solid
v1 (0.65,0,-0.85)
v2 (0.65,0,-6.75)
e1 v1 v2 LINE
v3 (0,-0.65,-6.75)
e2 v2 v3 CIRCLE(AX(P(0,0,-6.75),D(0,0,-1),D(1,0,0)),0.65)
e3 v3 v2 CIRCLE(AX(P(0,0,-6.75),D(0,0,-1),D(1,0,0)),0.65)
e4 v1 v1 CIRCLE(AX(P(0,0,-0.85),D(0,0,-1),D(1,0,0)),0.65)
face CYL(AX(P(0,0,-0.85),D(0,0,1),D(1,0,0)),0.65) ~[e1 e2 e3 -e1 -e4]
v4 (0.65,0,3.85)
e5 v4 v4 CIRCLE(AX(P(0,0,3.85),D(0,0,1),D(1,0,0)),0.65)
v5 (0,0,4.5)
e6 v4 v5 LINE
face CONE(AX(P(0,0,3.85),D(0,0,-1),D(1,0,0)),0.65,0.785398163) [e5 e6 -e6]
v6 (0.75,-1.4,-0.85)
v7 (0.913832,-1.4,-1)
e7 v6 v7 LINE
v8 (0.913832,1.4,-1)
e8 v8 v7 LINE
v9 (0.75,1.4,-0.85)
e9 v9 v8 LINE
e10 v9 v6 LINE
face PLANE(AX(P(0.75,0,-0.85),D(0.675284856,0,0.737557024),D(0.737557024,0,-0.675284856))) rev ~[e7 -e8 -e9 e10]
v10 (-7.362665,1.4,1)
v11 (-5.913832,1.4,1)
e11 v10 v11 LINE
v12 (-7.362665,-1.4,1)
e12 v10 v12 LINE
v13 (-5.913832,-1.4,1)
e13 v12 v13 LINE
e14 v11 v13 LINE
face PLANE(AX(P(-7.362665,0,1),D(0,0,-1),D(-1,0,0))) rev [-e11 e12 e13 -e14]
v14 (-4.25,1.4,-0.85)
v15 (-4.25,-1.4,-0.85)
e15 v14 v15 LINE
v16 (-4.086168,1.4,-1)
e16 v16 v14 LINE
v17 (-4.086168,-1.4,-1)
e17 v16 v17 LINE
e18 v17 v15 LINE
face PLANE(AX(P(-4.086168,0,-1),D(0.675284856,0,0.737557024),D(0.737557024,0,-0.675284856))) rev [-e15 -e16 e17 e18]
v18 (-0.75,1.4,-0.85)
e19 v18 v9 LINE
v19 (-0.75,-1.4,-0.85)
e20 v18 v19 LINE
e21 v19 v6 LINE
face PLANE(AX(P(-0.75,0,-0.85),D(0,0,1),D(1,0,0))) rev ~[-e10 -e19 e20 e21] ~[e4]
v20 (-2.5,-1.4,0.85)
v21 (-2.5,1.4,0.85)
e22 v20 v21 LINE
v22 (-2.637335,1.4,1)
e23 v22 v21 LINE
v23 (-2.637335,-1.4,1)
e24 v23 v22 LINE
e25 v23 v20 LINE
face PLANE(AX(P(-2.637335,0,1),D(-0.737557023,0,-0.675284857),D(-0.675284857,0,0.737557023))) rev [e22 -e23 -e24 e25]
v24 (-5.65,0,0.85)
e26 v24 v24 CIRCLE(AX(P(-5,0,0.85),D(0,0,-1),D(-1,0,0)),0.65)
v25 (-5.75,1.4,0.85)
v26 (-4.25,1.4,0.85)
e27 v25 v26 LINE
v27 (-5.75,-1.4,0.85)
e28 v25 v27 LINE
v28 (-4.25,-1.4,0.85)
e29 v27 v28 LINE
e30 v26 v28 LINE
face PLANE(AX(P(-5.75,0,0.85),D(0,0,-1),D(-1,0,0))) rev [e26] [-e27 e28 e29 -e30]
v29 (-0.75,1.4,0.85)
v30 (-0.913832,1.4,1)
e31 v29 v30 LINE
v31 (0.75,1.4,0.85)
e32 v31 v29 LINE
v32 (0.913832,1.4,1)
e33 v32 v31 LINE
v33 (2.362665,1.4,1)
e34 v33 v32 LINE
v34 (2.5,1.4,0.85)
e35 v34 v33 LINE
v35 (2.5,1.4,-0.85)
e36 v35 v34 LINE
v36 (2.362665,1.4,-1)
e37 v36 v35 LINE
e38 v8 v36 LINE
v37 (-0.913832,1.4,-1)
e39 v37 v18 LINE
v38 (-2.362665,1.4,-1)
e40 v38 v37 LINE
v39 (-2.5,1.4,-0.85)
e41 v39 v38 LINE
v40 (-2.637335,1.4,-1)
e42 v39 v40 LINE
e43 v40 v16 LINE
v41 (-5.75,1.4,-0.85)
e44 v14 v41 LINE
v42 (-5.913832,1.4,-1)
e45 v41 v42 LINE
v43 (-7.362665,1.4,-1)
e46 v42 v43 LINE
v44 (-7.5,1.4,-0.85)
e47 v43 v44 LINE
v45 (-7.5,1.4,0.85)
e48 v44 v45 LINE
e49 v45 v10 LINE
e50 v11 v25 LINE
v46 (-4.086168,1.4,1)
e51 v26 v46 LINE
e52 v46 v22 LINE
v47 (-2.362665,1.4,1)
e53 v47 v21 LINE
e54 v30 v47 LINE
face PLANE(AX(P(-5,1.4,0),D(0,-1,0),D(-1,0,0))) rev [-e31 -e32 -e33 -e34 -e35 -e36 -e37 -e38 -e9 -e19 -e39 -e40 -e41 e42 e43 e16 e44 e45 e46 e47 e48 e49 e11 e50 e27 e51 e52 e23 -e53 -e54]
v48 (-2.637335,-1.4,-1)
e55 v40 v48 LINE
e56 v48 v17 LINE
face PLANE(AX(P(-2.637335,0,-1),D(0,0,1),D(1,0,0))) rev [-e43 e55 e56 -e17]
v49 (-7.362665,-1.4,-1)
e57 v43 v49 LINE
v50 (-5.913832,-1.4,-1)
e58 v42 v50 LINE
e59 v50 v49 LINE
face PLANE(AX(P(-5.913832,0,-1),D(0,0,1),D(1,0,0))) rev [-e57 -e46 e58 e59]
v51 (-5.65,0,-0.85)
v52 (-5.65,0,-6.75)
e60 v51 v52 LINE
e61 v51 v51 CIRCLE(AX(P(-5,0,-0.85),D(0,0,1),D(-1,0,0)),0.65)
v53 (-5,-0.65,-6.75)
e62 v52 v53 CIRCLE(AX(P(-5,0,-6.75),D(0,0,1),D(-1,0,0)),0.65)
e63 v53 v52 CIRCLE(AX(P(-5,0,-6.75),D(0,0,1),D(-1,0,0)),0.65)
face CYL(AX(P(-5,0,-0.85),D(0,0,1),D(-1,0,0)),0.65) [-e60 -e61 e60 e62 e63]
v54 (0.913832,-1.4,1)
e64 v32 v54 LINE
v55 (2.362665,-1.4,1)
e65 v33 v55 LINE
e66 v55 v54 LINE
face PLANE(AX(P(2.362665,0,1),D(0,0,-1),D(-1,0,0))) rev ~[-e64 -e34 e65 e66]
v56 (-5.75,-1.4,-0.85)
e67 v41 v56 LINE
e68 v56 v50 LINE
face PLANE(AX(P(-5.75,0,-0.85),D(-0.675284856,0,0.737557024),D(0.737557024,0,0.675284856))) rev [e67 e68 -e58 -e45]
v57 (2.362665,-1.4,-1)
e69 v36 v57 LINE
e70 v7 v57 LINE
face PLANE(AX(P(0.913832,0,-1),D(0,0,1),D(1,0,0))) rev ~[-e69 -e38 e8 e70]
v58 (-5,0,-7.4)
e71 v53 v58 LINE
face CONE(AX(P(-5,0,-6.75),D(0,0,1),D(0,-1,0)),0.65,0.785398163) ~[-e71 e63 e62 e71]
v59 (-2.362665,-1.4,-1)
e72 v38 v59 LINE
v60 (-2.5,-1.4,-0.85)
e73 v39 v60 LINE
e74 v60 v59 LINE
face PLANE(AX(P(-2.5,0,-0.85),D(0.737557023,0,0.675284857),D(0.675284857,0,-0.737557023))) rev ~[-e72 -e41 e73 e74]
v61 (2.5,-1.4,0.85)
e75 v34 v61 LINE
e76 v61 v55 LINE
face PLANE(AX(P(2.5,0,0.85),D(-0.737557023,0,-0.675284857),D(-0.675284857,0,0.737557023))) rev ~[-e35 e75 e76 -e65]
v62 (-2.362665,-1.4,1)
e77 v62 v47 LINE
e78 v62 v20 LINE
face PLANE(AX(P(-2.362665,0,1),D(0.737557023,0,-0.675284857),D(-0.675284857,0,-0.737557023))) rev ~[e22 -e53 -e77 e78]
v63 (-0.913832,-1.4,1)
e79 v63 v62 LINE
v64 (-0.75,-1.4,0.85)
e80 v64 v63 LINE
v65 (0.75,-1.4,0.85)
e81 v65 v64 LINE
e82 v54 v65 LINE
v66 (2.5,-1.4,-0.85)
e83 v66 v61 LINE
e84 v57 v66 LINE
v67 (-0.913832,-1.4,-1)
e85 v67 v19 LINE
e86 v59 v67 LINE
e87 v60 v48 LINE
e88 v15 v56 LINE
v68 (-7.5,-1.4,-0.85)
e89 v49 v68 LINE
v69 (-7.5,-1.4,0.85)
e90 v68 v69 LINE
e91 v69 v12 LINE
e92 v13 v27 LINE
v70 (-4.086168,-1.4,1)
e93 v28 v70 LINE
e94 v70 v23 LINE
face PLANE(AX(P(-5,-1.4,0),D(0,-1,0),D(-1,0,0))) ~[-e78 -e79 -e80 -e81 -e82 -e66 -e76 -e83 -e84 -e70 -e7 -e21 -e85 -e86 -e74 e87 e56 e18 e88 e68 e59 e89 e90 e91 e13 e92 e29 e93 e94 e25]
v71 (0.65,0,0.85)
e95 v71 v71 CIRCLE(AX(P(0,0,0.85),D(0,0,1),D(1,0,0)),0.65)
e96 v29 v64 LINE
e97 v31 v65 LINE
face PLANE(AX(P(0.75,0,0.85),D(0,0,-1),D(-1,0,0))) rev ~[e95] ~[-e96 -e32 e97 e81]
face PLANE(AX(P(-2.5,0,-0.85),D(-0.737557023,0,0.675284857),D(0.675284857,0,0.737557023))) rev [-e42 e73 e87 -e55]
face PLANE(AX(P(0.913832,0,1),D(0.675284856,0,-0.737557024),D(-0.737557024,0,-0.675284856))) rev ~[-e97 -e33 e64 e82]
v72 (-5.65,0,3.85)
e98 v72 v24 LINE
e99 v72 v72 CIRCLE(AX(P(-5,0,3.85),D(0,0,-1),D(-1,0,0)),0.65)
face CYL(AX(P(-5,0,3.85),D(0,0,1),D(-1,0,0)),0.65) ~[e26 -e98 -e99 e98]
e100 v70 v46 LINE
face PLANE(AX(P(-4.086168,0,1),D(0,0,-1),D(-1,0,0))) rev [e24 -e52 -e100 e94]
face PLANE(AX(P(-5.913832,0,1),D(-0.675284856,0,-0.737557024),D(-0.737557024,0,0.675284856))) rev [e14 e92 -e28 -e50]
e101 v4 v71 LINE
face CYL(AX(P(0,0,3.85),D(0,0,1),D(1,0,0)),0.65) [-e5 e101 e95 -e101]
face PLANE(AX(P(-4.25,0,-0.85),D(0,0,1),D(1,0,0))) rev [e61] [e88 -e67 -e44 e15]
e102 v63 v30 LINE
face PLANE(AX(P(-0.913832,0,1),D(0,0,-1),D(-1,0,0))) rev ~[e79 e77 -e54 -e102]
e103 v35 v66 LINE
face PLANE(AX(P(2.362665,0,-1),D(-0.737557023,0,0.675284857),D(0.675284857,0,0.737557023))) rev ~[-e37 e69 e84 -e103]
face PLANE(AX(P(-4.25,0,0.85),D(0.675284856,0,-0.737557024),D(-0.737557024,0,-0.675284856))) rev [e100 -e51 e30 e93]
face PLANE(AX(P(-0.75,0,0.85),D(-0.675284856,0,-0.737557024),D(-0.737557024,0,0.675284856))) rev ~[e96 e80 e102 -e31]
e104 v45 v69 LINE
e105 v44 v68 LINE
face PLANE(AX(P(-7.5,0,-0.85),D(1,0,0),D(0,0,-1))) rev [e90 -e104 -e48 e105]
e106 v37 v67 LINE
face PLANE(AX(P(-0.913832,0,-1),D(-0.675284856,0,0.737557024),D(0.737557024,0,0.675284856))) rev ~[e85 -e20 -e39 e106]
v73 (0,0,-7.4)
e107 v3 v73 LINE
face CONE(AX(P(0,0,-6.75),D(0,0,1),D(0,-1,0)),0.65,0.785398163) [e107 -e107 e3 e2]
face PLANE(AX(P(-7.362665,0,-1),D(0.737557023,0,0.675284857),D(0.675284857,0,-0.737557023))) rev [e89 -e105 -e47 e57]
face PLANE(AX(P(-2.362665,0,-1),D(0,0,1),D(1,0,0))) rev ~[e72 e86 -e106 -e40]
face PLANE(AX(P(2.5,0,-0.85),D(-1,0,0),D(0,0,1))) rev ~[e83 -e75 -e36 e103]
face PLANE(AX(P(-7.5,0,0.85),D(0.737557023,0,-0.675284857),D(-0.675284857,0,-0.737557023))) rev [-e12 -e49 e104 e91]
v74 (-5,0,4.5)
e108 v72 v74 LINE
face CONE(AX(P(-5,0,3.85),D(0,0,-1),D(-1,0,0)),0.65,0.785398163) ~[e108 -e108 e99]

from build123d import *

# Parameters (mm, degrees)
BOSS_EXTRUDE1_DEPTH = 1.4
SKETCH2_R           = 0.65
BOSS_EXTRUDE2_DEPTH = 5.9
BOSS_EXTRUDE3_START = 3
SKETCH3_R           = 0.65
BOSS_EXTRUDE3_DEPTH = 3
SKETCH5_R           = 0.65
BOSS_EXTRUDE4_DEPTH = 0.75
BOSS_EXTRUDE4_TAPER = 45


with BuildPart() as part:
    # Sketch1 → Boss-Extrude1 (new, symmetric)
    with BuildSketch(Plane(origin=(0, 0, 0), x_dir=(1, 0, 0), z_dir=(0, 1, 0))):
        Polygon((-2.5, -0.85), (-2.5, 0.85), (-2.362664546, 1), (-0.913832422, 1), (-0.75, 0.85), (0.75, 0.85), (0.913832422, 1), (2.362664546, 1), (2.5, 0.85), (2.5, -0.85), (2.362664546, -1), (0.913832422, -1), (0.75, -0.85), (-0.75, -0.85), (-0.913832422, -1), (-2.362664546, -1), align=None)
    extrude(amount=BOSS_EXTRUDE1_DEPTH, both=True)

    # Sketch2 → Boss-Extrude2 (add)
    with BuildSketch(Plane(origin=(0, 0, -0.85), x_dir=(-1, 0, 0), z_dir=(0, 0, -1))):
        with Locations(Location((0, 0, 0), (0, 0, 180))):
            Circle(SKETCH2_R)
    extrude(amount=BOSS_EXTRUDE2_DEPTH)

    # Sketch3 → Boss-Extrude3 (add)
    with BuildSketch(Plane.XY.offset(0.85).offset(BOSS_EXTRUDE3_START)):
        Circle(SKETCH3_R)
    extrude(amount=-BOSS_EXTRUDE3_DEPTH)

    # Sketch5 → Boss-Extrude4 (add)
    with BuildSketch(Plane.XY.offset(3.85)):
        Circle(SKETCH5_R)
    extrude(amount=BOSS_EXTRUDE4_DEPTH, taper=BOSS_EXTRUDE4_TAPER)

    # Boss-Extrude5 cone 1 section (through the dimple's axis) → Boss-Extrude5 (revolve)
    with BuildSketch(Plane(origin=(0, 0, -6.75), x_dir=(0, -1, 0), z_dir=(1, 0, 0))):
        Polygon((0, 0), (0.65, 0), (0, 0.65), align=None)
    revolve(axis=Axis((0, 0, -6.75), (0, 0, -1)))

    # Mirror1: part across plane


with BuildPart() as part_1:
    add(part.part)
    add(part.part.mirror(Plane(origin=(-2.5, 1.4, 0.85), x_dir=(0, 0, 1), z_dir=(1, 0, 0))))


solid = part_1.part
